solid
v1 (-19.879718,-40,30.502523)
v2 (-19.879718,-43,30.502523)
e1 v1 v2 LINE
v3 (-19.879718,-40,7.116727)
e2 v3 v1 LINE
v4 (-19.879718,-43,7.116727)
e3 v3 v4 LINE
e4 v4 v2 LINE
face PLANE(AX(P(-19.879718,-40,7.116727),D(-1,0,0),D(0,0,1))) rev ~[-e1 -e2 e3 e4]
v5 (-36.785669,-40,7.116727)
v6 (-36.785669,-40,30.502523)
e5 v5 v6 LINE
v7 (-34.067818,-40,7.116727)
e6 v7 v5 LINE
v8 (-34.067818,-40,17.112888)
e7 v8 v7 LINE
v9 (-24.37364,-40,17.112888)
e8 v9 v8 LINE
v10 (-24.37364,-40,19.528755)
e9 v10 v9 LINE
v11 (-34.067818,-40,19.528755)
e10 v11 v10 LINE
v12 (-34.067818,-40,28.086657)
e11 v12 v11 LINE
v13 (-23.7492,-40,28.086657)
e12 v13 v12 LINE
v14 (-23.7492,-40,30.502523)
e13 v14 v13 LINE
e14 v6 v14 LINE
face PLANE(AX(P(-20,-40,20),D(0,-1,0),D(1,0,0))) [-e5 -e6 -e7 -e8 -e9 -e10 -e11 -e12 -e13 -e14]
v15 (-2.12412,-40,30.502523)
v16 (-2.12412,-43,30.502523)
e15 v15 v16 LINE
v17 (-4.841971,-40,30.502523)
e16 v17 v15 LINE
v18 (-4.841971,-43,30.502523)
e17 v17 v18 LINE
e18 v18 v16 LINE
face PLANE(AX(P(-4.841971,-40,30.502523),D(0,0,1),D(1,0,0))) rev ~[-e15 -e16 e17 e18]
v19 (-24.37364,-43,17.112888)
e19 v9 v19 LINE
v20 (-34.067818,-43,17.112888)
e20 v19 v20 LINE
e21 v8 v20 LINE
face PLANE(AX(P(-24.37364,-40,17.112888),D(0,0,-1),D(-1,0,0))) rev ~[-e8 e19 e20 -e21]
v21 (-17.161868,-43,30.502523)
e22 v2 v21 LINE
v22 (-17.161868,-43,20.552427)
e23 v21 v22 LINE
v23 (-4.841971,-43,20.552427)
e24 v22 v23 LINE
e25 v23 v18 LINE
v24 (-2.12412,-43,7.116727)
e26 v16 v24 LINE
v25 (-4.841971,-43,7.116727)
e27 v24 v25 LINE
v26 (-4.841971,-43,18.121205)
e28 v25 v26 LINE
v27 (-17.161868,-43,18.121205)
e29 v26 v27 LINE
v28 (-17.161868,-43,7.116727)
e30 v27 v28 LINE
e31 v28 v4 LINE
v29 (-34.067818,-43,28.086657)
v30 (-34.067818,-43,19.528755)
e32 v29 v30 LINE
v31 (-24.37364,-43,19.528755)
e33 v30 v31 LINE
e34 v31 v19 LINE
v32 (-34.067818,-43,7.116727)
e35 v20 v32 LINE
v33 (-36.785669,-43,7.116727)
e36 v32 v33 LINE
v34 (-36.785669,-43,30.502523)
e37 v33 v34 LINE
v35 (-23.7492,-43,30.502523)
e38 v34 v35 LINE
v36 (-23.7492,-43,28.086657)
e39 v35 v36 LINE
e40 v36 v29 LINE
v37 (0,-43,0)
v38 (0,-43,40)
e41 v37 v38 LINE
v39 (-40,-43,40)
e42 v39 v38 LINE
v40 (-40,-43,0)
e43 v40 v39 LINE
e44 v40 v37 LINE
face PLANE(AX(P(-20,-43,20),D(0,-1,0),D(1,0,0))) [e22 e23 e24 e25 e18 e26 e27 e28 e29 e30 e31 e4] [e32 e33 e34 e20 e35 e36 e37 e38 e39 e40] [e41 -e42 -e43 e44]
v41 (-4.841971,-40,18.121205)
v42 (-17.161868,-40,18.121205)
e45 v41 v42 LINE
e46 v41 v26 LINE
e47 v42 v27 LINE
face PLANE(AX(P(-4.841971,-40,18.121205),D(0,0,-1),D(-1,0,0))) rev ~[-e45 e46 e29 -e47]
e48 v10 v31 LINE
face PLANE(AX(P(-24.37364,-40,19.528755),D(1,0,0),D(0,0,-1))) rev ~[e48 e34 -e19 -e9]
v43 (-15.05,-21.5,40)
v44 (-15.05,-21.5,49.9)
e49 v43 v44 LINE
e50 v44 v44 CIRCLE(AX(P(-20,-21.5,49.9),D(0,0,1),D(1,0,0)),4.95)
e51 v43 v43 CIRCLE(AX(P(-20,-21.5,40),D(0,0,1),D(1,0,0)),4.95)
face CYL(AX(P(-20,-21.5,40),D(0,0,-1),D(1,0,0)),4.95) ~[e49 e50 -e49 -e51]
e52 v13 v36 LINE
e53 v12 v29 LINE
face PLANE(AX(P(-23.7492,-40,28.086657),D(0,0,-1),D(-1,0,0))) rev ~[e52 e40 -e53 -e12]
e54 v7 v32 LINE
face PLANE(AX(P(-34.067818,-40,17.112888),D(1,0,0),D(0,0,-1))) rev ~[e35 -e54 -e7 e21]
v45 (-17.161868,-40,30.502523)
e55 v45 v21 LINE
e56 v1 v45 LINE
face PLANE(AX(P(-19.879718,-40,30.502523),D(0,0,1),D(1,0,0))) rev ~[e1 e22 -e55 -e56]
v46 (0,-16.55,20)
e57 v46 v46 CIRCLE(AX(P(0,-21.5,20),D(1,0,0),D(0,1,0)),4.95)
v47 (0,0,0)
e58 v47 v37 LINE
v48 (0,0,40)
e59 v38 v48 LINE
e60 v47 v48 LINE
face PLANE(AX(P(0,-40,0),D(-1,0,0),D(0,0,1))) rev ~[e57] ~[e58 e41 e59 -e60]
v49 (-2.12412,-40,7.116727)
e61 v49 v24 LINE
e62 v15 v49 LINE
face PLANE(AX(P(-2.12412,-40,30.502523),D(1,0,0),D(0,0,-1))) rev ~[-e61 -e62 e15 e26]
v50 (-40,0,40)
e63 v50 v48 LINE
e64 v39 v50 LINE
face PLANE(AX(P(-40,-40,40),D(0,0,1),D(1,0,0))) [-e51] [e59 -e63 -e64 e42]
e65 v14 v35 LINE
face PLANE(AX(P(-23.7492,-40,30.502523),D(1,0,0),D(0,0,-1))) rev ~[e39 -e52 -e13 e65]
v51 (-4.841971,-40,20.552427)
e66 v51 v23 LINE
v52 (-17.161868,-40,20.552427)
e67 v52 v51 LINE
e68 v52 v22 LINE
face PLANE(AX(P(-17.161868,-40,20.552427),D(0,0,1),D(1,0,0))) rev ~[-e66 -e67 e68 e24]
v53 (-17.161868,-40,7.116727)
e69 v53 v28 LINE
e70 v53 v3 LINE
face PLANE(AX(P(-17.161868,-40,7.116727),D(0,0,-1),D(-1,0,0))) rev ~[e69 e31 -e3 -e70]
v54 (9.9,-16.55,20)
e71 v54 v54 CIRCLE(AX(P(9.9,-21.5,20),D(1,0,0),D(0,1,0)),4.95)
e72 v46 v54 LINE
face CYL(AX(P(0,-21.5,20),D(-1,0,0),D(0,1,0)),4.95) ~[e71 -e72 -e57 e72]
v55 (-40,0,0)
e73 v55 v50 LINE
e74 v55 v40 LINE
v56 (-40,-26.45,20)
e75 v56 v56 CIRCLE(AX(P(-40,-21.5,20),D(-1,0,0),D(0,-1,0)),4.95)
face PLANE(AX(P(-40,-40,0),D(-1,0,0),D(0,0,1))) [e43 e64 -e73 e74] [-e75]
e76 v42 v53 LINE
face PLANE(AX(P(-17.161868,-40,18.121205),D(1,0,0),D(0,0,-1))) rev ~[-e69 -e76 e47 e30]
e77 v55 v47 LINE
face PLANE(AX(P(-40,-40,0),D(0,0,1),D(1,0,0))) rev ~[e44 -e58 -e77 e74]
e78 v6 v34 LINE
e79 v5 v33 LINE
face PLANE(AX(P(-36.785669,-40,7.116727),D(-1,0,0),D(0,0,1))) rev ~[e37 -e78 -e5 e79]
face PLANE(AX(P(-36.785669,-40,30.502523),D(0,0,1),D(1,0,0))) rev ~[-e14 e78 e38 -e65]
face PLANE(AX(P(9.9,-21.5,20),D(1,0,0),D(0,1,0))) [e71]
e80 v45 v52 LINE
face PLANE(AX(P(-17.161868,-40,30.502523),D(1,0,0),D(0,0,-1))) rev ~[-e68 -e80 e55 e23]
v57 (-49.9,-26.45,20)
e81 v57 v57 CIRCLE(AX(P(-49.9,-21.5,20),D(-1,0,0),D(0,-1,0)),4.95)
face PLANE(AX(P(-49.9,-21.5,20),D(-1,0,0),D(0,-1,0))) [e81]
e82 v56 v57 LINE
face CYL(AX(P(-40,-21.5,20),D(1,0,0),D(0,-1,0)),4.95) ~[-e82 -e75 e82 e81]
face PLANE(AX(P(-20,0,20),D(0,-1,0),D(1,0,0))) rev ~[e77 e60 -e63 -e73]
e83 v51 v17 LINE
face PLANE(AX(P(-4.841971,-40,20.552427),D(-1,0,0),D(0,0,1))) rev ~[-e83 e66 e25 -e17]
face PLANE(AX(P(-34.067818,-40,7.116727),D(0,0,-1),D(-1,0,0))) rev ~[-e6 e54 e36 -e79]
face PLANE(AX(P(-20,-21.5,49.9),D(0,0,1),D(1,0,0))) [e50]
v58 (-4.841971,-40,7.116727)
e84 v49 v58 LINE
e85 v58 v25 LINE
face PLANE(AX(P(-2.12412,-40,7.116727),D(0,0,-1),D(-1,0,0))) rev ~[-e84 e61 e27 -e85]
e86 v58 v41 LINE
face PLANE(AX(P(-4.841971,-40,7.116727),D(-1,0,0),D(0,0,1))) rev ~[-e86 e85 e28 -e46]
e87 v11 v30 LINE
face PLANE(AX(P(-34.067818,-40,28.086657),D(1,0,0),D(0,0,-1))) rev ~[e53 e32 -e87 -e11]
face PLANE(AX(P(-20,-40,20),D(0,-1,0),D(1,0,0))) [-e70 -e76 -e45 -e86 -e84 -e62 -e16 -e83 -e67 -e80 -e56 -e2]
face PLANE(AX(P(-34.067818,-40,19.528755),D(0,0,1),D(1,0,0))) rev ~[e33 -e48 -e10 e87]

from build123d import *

# Parameters (mm, degrees)
F0_W     = 40
F0_H     = 40
F1_DEPTH = 40
F2_W     = 40
F2_H     = 40
F3_DEPTH = 3
F4_R     = 4.95
F5_DEPTH = 9.9
F6_R     = 4.95
F7_DEPTH = 9.9
F8_R     = 4.95
F9_DEPTH = 9.9


with BuildPart() as f1:
    # F0 (on Front) → F1 (new body)
    with BuildSketch(Plane.XZ):
        with Locations((-20, 20)):
            Rectangle(F0_W, F0_H)
    extrude(amount=F1_DEPTH)

    # F2 (on face) → F3 (join)
    with BuildSketch(Plane.XZ.offset(40)):
        with Locations((-20, 20)):
            Rectangle(F2_W, F2_H)
        Polygon((-34.0678182981, 17.1128881329), (-34.0678182981, 7.1167269045), (-36.7856685861, 7.1167269045), (-36.7856685861, 30.5025234496), (-23.7492002559, 30.5025234496), (-23.7492002559, 28.086656527), (-34.0678182981, 28.086656527), (-34.0678182981, 19.5287550555), (-24.3736404351, 19.5287550555), (-24.3736404351, 17.1128881329), align=None, mode=Mode.SUBTRACT)
        Polygon((-2.1241202815, 30.5025234496), (-2.1241202815, 7.1167269045), (-4.8419705694, 7.1167269045), (-4.8419705694, 18.1212054714), (-17.1618682022, 18.1212054714), (-17.1618682022, 7.1167269045), (-19.8797184901, 7.1167269045), (-19.8797184901, 30.5025234496), (-17.1618682022, 30.5025234496), (-17.1618682022, 20.5524274803), (-4.8419705694, 20.5524274803), (-4.8419705694, 30.5025234496), align=None, mode=Mode.SUBTRACT)
    extrude(amount=F3_DEPTH)

    # F4 (on face) → F5 (join)
    with BuildSketch(Plane.XY.offset(40)):
        with Locations((-20, -21.5)):
            Circle(F4_R)
    extrude(amount=F5_DEPTH)

    # F6 (on face) → F7 (join)
    with BuildSketch(Plane(origin=(-40, 0, 0), x_dir=(0, -1, 0), z_dir=(-1, 0, 0))):
        with Locations((21.5, 20)):
            Circle(F6_R)
    extrude(amount=F7_DEPTH)

    # F8 (on face) → F9 (join)
    with BuildSketch(Plane.YZ):
        with Locations((-21.5, 20)):
            Circle(F8_R)
    extrude(amount=F9_DEPTH)


solid = f1.part
